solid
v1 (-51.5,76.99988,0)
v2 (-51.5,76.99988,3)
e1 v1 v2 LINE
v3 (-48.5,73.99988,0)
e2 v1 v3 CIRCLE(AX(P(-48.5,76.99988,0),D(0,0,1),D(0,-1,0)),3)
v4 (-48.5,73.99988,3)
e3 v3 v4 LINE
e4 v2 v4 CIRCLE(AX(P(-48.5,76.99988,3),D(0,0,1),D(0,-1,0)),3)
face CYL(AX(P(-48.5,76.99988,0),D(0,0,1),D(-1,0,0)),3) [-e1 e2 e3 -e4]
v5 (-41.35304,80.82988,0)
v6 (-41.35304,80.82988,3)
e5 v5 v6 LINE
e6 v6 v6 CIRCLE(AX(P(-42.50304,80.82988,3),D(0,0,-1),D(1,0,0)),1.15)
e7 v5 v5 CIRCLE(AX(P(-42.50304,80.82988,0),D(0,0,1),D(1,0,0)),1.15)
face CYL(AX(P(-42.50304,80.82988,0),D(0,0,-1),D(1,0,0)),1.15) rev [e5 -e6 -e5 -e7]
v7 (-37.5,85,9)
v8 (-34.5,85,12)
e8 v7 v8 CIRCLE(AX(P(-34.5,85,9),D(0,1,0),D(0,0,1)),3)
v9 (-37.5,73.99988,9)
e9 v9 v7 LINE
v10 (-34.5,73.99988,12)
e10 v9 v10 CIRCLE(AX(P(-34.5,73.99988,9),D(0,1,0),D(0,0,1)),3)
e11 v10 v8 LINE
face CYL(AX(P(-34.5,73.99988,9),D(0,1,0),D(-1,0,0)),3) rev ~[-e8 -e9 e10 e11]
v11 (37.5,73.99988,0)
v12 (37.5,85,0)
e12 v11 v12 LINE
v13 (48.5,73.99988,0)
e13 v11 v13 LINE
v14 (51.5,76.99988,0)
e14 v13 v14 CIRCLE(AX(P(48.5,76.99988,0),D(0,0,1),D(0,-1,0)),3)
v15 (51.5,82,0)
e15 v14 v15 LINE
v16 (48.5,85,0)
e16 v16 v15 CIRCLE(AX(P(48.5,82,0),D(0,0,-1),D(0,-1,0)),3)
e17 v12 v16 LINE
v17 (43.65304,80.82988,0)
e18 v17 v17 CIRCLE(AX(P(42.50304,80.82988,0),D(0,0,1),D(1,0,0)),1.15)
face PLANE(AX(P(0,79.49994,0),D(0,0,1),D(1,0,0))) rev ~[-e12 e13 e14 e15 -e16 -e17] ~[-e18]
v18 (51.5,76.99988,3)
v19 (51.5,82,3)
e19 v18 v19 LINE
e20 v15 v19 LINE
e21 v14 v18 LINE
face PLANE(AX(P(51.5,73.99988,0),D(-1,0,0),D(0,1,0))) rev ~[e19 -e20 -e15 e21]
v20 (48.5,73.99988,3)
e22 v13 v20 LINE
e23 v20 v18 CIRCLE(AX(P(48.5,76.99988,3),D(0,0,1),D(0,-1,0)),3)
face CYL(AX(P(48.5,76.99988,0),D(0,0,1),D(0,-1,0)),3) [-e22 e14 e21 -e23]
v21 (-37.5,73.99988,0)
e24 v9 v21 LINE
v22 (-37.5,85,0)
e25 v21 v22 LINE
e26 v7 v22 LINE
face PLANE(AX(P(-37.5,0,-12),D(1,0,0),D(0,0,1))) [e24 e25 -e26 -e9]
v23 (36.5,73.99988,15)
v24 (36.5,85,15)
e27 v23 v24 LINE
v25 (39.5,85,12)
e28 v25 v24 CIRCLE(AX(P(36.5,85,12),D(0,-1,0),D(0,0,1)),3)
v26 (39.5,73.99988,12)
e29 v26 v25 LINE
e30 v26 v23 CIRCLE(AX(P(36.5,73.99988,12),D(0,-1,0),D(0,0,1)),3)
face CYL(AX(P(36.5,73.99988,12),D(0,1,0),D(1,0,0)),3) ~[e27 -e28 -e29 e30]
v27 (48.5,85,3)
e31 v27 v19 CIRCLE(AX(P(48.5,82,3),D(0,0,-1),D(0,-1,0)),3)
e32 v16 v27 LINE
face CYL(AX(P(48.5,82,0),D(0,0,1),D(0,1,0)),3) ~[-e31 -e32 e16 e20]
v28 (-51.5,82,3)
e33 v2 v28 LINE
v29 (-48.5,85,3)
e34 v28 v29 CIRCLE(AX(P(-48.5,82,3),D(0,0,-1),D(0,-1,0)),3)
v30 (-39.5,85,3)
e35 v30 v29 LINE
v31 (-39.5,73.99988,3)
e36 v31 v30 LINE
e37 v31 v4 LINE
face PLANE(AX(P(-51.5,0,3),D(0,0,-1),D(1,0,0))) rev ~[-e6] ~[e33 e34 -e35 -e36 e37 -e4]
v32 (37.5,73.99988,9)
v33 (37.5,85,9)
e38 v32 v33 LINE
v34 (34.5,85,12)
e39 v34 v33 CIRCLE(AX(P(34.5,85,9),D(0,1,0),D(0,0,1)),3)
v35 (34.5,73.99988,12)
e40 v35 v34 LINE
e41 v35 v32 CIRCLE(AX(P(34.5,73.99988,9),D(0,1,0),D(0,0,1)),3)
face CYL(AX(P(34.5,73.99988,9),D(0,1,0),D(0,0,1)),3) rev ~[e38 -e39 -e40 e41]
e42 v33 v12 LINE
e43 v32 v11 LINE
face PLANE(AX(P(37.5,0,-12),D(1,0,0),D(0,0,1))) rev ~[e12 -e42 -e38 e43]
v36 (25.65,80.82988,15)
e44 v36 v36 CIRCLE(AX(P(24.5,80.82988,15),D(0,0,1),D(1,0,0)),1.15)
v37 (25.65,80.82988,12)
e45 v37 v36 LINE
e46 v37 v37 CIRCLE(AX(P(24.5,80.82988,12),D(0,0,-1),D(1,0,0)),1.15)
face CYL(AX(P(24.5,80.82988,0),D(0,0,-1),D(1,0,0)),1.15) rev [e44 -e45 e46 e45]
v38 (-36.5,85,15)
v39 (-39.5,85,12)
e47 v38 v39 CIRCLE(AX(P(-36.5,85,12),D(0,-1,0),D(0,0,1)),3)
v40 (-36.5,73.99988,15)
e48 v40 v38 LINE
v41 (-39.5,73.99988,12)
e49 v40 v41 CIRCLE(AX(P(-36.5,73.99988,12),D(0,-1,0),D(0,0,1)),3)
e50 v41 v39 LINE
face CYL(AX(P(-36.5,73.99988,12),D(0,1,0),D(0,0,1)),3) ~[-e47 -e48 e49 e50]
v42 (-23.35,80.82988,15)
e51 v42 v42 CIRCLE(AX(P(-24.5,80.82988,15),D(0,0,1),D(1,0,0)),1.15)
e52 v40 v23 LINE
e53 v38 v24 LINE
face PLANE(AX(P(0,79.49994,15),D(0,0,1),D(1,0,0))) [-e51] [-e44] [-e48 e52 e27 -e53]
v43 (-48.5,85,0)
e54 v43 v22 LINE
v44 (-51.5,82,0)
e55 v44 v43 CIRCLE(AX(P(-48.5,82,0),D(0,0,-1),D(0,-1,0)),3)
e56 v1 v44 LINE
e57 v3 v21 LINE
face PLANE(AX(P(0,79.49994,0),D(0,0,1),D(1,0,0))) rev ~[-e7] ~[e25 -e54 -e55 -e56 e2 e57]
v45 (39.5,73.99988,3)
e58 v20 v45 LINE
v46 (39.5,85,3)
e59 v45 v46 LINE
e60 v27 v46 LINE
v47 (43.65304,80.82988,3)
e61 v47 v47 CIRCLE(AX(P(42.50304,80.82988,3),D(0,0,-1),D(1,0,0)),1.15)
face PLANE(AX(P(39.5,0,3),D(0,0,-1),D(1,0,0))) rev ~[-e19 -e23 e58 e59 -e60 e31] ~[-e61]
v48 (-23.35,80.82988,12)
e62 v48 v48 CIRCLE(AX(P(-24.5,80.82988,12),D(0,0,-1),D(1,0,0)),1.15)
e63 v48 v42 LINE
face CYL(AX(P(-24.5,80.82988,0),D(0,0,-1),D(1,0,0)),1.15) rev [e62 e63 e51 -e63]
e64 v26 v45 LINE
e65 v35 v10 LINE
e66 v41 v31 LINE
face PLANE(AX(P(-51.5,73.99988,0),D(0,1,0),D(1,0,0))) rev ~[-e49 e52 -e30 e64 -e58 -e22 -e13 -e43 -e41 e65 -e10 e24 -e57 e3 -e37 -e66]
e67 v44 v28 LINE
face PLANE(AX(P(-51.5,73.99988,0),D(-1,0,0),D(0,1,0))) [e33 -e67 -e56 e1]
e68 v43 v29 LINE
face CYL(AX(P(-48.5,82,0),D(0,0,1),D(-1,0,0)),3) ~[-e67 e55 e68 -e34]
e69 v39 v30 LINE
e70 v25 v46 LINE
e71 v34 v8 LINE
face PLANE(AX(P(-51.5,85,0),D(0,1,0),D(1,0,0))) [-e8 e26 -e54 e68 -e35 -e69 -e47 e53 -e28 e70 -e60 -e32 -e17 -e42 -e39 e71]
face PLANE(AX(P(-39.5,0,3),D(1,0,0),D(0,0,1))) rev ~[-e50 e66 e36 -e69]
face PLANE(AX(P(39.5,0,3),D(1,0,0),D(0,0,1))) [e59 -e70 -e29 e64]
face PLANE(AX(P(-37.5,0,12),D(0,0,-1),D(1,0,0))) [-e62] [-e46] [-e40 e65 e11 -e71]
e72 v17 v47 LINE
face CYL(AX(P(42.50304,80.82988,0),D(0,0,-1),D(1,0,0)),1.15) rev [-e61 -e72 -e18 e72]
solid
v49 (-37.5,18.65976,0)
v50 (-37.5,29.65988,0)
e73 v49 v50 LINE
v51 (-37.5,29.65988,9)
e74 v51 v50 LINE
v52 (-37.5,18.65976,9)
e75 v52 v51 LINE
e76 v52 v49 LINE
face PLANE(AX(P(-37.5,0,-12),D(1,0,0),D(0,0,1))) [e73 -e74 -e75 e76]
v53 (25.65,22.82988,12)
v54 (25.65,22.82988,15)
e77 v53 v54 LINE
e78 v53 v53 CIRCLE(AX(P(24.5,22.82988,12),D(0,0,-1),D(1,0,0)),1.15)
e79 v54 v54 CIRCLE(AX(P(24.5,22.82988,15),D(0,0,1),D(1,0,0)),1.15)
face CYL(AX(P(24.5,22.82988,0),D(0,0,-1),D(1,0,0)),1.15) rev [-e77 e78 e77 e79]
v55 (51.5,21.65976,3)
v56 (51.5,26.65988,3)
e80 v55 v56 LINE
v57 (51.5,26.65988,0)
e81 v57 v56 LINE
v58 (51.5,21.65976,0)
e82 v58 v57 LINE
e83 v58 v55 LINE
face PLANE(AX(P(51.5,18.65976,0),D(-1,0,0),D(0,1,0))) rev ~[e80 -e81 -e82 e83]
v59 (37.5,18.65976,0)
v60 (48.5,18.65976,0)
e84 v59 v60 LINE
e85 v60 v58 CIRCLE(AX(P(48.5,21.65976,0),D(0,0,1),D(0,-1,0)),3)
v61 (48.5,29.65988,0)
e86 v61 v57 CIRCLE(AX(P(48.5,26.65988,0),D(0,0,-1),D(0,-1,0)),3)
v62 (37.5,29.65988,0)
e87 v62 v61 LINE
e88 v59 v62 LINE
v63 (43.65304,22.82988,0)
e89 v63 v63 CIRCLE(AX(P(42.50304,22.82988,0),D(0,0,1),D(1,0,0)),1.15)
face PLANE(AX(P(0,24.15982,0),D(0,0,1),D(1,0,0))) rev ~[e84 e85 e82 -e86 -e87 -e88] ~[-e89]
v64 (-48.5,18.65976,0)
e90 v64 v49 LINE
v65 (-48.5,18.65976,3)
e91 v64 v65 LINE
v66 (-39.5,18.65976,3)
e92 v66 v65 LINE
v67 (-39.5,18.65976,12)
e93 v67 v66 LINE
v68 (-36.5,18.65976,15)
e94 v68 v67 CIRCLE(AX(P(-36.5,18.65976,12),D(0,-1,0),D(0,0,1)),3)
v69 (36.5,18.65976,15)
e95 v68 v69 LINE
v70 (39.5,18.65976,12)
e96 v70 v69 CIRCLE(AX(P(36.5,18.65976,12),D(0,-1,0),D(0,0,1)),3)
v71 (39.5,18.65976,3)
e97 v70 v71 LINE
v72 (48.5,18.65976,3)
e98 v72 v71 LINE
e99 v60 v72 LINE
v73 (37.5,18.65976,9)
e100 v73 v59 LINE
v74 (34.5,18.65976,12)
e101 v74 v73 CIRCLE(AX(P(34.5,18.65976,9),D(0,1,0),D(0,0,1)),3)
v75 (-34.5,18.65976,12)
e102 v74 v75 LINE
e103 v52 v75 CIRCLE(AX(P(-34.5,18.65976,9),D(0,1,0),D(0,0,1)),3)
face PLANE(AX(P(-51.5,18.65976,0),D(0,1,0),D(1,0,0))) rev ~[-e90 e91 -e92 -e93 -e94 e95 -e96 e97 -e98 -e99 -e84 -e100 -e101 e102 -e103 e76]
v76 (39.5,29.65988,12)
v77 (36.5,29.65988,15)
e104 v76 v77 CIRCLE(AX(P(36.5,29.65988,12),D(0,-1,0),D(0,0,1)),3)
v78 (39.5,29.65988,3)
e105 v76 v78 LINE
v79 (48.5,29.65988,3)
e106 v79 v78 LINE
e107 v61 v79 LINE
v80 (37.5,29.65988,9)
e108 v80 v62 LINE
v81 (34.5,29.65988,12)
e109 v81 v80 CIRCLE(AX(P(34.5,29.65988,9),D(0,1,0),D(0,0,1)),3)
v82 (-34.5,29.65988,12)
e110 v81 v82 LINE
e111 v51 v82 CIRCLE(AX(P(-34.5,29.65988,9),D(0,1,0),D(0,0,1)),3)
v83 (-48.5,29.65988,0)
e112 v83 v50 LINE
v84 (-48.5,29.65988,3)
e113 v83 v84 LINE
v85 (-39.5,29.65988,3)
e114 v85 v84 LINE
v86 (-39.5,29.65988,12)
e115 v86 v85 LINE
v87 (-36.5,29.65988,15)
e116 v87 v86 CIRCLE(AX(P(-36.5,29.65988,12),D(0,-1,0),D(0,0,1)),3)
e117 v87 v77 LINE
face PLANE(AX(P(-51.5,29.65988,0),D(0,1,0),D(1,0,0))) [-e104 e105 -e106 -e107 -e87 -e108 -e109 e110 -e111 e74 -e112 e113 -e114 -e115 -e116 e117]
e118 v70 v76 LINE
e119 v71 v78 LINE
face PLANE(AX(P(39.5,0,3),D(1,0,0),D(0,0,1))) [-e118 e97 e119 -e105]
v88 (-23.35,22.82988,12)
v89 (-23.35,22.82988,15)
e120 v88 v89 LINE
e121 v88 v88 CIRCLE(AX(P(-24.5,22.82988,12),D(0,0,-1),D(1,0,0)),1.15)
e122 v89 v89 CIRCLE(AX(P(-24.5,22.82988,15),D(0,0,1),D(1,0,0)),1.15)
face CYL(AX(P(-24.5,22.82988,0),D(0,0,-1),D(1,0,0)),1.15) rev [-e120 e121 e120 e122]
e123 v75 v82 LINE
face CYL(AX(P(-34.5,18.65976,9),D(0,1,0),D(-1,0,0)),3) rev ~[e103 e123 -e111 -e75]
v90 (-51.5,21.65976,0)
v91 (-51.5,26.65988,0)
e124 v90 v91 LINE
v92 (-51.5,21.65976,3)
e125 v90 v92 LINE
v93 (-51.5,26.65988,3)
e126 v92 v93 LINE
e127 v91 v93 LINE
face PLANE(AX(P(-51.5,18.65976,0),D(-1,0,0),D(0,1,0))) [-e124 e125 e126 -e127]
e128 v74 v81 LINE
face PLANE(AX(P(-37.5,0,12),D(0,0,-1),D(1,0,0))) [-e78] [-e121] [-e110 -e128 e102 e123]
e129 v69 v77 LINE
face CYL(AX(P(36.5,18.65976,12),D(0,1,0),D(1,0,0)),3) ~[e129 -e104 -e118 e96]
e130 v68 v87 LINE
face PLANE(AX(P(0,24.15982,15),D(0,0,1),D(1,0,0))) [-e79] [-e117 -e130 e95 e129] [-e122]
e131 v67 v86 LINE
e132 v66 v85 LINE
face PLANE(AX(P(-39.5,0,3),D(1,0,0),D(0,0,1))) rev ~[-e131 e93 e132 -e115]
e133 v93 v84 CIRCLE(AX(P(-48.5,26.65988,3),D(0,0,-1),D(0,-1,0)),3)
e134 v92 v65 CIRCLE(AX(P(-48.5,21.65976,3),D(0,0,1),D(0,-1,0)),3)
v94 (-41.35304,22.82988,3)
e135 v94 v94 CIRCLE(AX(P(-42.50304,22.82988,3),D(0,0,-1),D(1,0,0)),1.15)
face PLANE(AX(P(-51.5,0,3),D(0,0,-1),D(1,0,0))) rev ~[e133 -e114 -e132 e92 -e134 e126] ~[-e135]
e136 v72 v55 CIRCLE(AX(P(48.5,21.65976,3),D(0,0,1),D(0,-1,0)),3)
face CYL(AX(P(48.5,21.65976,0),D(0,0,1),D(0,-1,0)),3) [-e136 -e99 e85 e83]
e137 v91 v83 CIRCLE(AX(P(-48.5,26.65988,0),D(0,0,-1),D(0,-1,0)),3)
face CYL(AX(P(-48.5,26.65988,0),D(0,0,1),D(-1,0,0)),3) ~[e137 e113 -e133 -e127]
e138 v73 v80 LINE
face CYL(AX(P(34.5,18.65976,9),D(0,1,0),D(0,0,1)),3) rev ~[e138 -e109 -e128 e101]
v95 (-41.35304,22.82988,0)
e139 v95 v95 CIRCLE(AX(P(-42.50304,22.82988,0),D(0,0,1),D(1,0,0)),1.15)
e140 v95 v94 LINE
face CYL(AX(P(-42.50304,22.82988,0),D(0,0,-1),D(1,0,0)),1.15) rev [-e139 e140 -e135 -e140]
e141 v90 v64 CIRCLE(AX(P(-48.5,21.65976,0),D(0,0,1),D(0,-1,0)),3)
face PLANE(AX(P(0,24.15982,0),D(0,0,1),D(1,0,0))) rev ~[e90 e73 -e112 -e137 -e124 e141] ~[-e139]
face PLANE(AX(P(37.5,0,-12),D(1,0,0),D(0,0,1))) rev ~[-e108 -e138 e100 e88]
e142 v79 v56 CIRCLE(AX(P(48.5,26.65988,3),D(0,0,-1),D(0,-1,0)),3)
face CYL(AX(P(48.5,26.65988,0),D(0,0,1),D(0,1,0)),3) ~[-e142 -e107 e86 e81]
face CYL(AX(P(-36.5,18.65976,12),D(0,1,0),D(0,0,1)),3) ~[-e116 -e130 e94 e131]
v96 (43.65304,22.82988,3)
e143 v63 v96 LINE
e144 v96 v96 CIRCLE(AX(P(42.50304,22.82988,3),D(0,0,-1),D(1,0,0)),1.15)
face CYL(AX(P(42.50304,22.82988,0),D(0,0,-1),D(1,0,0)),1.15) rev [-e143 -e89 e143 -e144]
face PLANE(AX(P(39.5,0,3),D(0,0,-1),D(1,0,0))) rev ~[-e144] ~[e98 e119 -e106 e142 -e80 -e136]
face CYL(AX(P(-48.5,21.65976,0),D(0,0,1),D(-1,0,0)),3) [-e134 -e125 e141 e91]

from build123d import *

# Parameters (mm, degrees)
F0_W     = 103
F0_H     = 11.0001200944
F0_R     = 1.15
F1_DEPTH = 15
F2_W     = 75
F2_H     = 24
F2_W_2   = 12
F2_H_2   = 12
F3_DEPTH = 85.001
F4_R     = 3
F4_2_R   = 3


with BuildPart() as f1:
    # F0 (on Top) → F1 (new body)
    with BuildSketch(Plane.XY):
        with Locations((0, 79.4999399528)):
            Rectangle(F0_W, F0_H)
        with Locations((-42.5030402839, 80.8298799056)):
            Circle(F0_R, mode=Mode.SUBTRACT)
        with Locations((-30.75, 79.0408372581)):
            Circle(F0_R, mode=Mode.SUBTRACT)
        with Locations((-24.5, 80.8298799056)):
            Circle(F0_R, mode=Mode.SUBTRACT)
        with Locations((30.75, 79.0408372581)):
            Circle(F0_R, mode=Mode.SUBTRACT)
        with Locations((24.5, 80.8298799056)):
            Circle(F0_R, mode=Mode.SUBTRACT)
        with Locations((42.5030402839, 80.8298799056)):
            Circle(F0_R, mode=Mode.SUBTRACT)
        with Locations((-30.75, 79.0408372581)):
            Circle(F0_R)
        with Locations((30.75, 79.0408372581)):
            Circle(F0_R)
    extrude(amount=F1_DEPTH)


with BuildPart() as f1b:
    # F0 (on Top) → F1, piece 2 (new body)
    with BuildSketch(Plane.XY):
        with Locations((0, 24.1598198584)):
            Rectangle(F0_W, F0_H)
        with Locations((-42.5030402839, 22.8298799056)):
            Circle(F0_R, mode=Mode.SUBTRACT)
        with Locations((-24.5, 22.8298799056)):
            Circle(F0_R, mode=Mode.SUBTRACT)
        with Locations((24.5, 22.8298799056)):
            Circle(F0_R, mode=Mode.SUBTRACT)
        with Locations((42.5030402839, 22.8298799056)):
            Circle(F0_R, mode=Mode.SUBTRACT)
    extrude(amount=F1_DEPTH)


with BuildPart() as f3_tool:
    # F2 (on Front) → F3 (new body, through all)
    with BuildSketch(Plane.XZ):
        Rectangle(F2_W, F2_H)
        with Locations((-45.5, 9)):
            Rectangle(F2_W_2, F2_H_2)
        with Locations((45.5, 9)):
            Rectangle(F2_W_2, F2_H_2)
    extrude(amount=-F3_DEPTH)


with BuildPart() as f1_1:
    add(f1.part)

    # F3: cut by f3_tool
    add(f3_tool.part, mode=Mode.SUBTRACT)

    # F4#2
    f4_2_edges = [f1_1.edges().sort_by_distance(p)[0] for p in [
        (-37.5, 79.49994, 12),
        (-51.5, 73.99988, 1.5),
        (-51.5, 85, 1.5),
        (-39.5, 79.49994, 15),
        (39.5, 79.49994, 15),
        (51.5, 73.99988, 1.5),
        (51.5, 85, 1.5),
        (37.5, 79.49994, 12),
    ]]
    fillet(f4_2_edges, radius=F4_2_R)


with BuildPart() as f1b_1:
    add(f1b.part)

    # F3: cut by f3_tool
    add(f3_tool.part, mode=Mode.SUBTRACT)

    # F4
    f4_edges = [f1b_1.edges().sort_by_distance(p)[0] for p in [
        (-39.5, 24.15982, 15),
        (-37.5, 24.15982, 12),
        (-51.5, 18.65976, 1.5),
        (-51.5, 29.65988, 1.5),
        (39.5, 24.15982, 15),
        (51.5, 18.65976, 1.5),
        (51.5, 29.65988, 1.5),
        (37.5, 24.15982, 12),
    ]]
    fillet(f4_edges, radius=F4_R)


solid = Compound([f1_1.part, f1b_1.part])
